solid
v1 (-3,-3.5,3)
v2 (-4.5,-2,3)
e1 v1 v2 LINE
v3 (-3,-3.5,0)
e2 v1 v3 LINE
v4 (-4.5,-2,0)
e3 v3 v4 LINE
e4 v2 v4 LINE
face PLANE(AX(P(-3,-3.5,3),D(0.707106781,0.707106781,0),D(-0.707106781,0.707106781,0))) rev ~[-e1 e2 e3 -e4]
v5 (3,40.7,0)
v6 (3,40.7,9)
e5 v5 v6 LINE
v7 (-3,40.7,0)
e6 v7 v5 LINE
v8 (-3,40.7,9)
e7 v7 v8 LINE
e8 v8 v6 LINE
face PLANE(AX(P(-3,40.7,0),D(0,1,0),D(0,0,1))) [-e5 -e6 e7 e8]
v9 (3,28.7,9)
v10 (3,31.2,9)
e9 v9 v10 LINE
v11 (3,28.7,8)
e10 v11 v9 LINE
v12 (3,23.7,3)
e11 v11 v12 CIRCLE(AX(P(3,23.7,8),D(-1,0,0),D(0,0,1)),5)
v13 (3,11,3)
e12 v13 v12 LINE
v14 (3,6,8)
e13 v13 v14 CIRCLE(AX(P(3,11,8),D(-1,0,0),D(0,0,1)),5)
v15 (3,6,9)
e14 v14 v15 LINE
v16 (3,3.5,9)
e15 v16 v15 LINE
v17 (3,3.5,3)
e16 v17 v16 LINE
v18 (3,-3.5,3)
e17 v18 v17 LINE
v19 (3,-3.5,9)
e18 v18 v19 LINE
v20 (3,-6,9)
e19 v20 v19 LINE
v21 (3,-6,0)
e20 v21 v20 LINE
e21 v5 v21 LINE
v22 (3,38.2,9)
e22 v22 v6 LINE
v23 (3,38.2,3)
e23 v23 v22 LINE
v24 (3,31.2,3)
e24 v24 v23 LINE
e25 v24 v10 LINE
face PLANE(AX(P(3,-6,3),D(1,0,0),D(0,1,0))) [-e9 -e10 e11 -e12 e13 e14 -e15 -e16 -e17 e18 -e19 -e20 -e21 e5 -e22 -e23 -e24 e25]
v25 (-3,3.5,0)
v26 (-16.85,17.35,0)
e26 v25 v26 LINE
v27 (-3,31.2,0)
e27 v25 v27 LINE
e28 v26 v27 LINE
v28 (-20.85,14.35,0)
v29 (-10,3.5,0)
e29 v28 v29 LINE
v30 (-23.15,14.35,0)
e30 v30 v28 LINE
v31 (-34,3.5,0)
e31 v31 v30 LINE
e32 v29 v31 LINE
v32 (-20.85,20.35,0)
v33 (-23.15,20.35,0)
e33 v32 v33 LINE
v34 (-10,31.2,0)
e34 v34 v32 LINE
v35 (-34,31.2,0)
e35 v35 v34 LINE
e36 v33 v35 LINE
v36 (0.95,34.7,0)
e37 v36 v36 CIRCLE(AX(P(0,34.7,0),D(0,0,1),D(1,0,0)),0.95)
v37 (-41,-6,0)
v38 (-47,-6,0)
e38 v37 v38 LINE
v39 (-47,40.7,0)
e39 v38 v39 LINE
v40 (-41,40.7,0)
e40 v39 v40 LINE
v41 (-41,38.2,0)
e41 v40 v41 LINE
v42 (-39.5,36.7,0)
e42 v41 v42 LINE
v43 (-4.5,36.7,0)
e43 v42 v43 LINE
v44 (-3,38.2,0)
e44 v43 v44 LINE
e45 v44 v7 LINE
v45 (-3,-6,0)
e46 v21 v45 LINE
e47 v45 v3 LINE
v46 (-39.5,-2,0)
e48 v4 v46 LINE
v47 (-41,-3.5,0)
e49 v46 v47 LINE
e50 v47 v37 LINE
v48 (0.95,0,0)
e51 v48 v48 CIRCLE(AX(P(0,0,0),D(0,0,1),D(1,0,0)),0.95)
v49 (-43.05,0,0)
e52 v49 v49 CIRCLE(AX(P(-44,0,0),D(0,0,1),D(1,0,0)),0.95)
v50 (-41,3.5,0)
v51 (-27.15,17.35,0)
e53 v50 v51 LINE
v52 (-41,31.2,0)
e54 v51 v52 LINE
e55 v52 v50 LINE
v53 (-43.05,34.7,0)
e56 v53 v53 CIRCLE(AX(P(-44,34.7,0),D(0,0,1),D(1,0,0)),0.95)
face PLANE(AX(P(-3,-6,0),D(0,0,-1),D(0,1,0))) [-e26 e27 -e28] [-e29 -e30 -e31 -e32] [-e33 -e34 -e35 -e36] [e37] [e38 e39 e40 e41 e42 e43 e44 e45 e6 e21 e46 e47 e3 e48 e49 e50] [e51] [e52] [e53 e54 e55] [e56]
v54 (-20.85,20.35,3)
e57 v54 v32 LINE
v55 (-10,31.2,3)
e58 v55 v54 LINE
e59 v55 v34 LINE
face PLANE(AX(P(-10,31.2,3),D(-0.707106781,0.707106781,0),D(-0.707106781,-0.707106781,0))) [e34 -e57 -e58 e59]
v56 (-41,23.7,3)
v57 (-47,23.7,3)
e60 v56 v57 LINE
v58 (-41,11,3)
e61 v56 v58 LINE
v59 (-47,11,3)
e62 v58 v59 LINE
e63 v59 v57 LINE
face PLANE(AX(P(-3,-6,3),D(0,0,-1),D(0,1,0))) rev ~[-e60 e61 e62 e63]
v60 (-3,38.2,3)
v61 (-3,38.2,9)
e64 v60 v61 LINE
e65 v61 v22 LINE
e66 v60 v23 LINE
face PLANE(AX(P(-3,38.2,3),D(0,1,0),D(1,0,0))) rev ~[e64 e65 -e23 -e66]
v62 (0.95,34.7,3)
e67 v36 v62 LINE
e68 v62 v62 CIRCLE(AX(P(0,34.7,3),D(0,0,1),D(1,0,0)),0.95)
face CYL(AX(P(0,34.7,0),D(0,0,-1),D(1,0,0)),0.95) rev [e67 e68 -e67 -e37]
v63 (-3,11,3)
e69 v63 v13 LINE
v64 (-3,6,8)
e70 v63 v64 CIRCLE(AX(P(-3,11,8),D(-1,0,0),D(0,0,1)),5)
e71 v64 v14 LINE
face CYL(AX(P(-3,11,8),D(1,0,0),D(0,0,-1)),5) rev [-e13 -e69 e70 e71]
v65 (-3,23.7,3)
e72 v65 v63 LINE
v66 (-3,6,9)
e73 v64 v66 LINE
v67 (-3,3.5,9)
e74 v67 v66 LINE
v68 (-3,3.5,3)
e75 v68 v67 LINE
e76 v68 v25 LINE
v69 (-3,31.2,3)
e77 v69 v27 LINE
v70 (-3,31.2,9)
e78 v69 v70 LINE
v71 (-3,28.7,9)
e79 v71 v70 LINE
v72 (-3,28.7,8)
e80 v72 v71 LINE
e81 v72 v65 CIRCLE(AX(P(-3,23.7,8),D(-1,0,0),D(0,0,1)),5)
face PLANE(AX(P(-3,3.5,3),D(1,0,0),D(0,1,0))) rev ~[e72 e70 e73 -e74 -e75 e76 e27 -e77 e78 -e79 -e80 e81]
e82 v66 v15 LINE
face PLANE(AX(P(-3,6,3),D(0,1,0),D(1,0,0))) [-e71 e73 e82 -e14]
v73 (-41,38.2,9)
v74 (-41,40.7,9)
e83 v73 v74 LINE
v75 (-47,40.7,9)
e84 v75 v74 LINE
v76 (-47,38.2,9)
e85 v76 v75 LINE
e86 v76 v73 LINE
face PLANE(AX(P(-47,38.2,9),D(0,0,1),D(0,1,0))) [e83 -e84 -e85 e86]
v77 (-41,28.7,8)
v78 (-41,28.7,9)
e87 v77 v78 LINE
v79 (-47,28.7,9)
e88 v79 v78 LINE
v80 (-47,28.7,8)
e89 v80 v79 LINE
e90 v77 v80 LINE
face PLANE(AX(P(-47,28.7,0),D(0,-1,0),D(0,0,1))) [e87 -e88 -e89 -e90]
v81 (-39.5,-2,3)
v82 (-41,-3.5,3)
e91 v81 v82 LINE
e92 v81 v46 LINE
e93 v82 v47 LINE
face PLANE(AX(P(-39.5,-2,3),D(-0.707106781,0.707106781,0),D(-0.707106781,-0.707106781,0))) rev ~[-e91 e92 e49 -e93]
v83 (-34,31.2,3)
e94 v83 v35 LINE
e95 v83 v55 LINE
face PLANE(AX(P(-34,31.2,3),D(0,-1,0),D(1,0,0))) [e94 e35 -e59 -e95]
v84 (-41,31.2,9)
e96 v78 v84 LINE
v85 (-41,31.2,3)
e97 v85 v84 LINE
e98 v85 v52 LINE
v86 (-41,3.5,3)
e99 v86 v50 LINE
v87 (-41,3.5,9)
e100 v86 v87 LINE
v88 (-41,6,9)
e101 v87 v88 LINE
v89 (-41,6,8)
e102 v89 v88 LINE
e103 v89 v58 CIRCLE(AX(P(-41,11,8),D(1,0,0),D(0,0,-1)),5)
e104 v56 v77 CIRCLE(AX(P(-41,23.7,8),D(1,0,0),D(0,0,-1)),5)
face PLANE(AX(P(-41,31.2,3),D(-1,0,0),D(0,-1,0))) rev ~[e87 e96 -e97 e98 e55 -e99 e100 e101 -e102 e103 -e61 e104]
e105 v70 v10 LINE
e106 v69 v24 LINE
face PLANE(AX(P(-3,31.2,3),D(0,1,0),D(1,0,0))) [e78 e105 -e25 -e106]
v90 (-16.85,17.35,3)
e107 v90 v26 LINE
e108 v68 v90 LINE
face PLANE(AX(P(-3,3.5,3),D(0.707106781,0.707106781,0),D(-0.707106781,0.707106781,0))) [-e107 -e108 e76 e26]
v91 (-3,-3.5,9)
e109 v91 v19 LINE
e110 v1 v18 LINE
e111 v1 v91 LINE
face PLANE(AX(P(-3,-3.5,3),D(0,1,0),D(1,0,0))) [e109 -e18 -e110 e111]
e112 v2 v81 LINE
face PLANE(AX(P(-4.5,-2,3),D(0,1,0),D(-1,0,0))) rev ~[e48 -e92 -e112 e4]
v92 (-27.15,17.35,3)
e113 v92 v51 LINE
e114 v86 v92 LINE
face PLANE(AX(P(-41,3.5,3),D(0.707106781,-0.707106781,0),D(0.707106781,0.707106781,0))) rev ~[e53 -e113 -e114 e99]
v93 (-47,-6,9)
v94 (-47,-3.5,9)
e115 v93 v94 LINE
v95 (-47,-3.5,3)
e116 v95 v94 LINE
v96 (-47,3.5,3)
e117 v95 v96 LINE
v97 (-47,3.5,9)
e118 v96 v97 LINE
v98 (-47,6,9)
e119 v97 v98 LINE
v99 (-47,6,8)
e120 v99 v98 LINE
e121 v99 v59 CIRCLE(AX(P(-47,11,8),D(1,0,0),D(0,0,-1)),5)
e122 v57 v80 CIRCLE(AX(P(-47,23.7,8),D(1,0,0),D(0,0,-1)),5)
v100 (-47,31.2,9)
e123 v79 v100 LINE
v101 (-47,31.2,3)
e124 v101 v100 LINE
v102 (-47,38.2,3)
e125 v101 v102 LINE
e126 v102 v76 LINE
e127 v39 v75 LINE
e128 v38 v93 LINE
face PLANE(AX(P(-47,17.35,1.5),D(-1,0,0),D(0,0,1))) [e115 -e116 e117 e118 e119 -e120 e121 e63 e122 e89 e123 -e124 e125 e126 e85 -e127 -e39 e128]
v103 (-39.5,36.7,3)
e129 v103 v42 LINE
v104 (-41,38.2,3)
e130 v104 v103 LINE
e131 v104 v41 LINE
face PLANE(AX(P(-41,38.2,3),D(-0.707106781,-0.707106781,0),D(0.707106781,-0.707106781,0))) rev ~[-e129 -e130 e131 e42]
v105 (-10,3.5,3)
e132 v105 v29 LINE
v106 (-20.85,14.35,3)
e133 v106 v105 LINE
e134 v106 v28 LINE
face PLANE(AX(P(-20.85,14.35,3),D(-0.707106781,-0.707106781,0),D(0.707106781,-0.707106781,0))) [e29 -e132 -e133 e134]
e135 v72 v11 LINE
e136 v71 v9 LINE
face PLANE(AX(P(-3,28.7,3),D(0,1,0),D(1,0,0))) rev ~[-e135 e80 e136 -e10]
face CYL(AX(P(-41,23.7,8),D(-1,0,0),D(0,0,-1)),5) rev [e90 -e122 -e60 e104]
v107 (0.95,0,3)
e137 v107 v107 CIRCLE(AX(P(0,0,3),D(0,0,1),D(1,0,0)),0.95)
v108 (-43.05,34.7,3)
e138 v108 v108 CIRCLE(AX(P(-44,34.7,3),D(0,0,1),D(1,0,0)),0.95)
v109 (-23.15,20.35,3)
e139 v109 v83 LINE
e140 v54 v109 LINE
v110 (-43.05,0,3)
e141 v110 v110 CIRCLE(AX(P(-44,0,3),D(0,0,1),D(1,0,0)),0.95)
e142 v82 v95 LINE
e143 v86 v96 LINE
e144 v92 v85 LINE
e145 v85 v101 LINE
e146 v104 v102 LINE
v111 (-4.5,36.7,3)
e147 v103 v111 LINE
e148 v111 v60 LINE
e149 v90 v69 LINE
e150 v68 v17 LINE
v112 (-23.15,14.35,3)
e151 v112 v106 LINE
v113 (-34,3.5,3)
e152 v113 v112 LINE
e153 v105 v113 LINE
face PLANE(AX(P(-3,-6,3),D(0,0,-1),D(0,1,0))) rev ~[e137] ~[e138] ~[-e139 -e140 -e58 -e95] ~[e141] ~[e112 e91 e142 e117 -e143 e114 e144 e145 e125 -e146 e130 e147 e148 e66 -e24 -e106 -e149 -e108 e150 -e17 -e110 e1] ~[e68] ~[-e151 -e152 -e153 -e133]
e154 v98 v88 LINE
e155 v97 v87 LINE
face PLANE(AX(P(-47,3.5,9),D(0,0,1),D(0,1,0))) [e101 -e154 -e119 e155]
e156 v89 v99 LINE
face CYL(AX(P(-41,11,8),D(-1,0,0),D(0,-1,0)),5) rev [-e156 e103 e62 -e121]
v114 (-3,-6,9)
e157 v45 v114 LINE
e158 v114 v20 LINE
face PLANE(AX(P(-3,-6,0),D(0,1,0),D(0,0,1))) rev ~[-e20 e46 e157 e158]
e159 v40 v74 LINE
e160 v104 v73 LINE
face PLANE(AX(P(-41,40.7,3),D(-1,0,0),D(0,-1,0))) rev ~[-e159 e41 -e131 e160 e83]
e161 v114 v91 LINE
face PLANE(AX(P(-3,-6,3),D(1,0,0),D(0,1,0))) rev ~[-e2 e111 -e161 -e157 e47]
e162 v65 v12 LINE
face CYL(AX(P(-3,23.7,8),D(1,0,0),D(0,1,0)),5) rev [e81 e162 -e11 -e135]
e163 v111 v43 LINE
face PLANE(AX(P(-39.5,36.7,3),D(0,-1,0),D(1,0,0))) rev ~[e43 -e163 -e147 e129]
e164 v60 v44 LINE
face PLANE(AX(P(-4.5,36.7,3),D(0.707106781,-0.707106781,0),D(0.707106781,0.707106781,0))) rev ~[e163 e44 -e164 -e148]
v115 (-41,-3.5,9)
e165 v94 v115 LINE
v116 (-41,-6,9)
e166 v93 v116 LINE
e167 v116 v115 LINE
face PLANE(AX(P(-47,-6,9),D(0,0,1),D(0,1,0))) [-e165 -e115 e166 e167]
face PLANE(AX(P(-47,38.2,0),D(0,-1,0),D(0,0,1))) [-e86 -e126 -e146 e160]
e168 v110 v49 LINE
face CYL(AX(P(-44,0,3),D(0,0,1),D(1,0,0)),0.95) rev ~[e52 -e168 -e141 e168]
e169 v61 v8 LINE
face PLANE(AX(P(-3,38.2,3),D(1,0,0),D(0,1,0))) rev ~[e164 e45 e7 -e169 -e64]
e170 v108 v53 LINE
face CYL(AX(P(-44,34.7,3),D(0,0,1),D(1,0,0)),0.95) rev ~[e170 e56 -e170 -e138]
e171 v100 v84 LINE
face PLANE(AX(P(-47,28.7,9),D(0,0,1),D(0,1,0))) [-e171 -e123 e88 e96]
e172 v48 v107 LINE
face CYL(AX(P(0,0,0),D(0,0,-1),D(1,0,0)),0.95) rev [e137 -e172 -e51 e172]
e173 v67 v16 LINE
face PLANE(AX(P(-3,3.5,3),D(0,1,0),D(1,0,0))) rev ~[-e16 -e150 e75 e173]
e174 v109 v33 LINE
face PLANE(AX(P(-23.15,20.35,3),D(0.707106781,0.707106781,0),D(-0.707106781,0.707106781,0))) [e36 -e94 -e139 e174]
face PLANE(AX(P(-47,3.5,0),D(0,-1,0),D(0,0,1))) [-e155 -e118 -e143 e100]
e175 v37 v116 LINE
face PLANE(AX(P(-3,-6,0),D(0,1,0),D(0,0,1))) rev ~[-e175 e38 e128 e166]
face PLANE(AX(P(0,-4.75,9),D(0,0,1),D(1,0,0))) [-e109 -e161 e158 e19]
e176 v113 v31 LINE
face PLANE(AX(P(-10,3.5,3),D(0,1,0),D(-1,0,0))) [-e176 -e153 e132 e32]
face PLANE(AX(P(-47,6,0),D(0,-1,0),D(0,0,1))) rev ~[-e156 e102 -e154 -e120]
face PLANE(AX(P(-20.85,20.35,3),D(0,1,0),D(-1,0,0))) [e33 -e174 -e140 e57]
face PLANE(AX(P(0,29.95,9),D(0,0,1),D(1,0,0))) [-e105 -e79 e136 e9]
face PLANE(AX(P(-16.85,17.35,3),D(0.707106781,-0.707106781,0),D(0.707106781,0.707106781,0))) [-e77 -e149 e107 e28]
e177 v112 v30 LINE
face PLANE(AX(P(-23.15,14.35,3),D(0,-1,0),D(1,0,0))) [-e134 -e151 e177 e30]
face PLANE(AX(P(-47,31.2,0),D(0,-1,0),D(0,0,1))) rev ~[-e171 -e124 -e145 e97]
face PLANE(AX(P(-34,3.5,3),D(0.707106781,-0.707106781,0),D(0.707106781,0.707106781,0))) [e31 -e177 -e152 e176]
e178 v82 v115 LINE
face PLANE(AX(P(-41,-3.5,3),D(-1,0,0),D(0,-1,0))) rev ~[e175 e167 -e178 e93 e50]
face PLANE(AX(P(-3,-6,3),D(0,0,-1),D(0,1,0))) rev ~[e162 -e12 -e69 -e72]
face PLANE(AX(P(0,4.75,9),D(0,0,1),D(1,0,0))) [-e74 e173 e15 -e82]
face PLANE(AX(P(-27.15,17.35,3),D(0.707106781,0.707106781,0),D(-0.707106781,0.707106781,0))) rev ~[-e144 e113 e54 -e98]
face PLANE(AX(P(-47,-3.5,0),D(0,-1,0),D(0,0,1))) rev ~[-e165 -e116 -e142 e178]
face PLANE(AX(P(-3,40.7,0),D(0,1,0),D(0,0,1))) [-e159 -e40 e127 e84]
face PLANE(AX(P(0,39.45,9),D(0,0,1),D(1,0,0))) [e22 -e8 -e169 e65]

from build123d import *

# Parameters (mm, degrees)
ESQUISSE1_W                    = 6
ESQUISSE1_H                    = 42.7
ESQUISSE1_R                    = 0.95
BOSS_EXTRU_1_DEPTH             = 3
ESQUISSE2_W                    = 6
ESQUISSE2_H                    = 2.5
BOSS_EXTRU_2_DEPTH             = 6
BOSS_EXTRU_2_DIRECTION_2_REACH = 40.932
ESQUISSE3_W                    = 3
ESQUISSE3_H                    = 46.7
BOSS_EXTRU_4_DEPTH             = 44
ESQUISSE4_W                    = 9
ESQUISSE4_H                    = 2.5
BOSS_EXTRU_5_DEPTH             = 6
ENL_V_MAT_EXTRU_1_REACH        = 64.462
ESQUISSE5_R                    = 0.95
ENL_V_MAT_EXTRU_2_REACH        = 64.462
CONG_1_R                       = 5


with BuildPart() as part:
    # Esquisse1 → Boss.-Extru.1 (new body)
    with BuildSketch(Plane.XY):
        with Locations((0, 17.35)):
            Rectangle(ESQUISSE1_W, ESQUISSE1_H)
        Circle(ESQUISSE1_R, mode=Mode.SUBTRACT)
        with Locations((0, 34.7)):
            Circle(ESQUISSE1_R, mode=Mode.SUBTRACT)
    extrude(amount=BOSS_EXTRU_1_DEPTH)

    # Esquisse2 → Boss.-Extru.2 (add)
    with BuildSketch(Plane.XY.offset(3)):
        with Locations((0, 4.75)):
            Rectangle(ESQUISSE2_W, ESQUISSE2_H)
        with Locations((0, 39.45)):
            Rectangle(ESQUISSE2_W, ESQUISSE2_H)
        with Locations((0, 29.95)):
            Rectangle(ESQUISSE2_W, ESQUISSE2_H)
        with Locations((0, -4.75)):
            Rectangle(ESQUISSE2_W, ESQUISSE2_H)
    extrude(amount=BOSS_EXTRU_2_DEPTH)

    # Boss.-Extru.2 direction 2: up to this face of the body (flat: up to its plane)
    boss_extru_2_direction_2_end = Plane(part.part.faces().sort_by_distance((0, 17.35, 0))[0])
    # Esquisse2 → Boss.-Extru.2 direction 2 (add, up to the picked face)
    with BuildSketch(Plane.XY.offset(3), mode=Mode.PRIVATE) as boss_extru_2_direction_2_sk1:
        with Locations((0, 4.75)):
            Rectangle(ESQUISSE2_W, ESQUISSE2_H)
    boss_extru_2_direction_2_tool1 = split(extrude(boss_extru_2_direction_2_sk1.sketch, amount=-BOSS_EXTRU_2_DIRECTION_2_REACH, mode=Mode.PRIVATE), bisect_by=boss_extru_2_direction_2_end, keep=Keep.BOTH, mode=Mode.PRIVATE)
    # Esquisse2 → Boss.-Extru.2 direction 2 (add, up to the picked face)
    with BuildSketch(Plane.XY.offset(3), mode=Mode.PRIVATE) as boss_extru_2_direction_2_sk2:
        with Locations((0, 39.45)):
            Rectangle(ESQUISSE2_W, ESQUISSE2_H)
    boss_extru_2_direction_2_tool2 = split(extrude(boss_extru_2_direction_2_sk2.sketch, amount=-BOSS_EXTRU_2_DIRECTION_2_REACH, mode=Mode.PRIVATE), bisect_by=boss_extru_2_direction_2_end, keep=Keep.BOTH, mode=Mode.PRIVATE)
    # Esquisse2 → Boss.-Extru.2 direction 2 (add, up to the picked face)
    with BuildSketch(Plane.XY.offset(3), mode=Mode.PRIVATE) as boss_extru_2_direction_2_sk3:
        with Locations((0, 29.95)):
            Rectangle(ESQUISSE2_W, ESQUISSE2_H)
    boss_extru_2_direction_2_tool3 = split(extrude(boss_extru_2_direction_2_sk3.sketch, amount=-BOSS_EXTRU_2_DIRECTION_2_REACH, mode=Mode.PRIVATE), bisect_by=boss_extru_2_direction_2_end, keep=Keep.BOTH, mode=Mode.PRIVATE)
    # Esquisse2 → Boss.-Extru.2 direction 2 (add, up to the picked face)
    with BuildSketch(Plane.XY.offset(3), mode=Mode.PRIVATE) as boss_extru_2_direction_2_sk4:
        with Locations((0, -4.75)):
            Rectangle(ESQUISSE2_W, ESQUISSE2_H)
    boss_extru_2_direction_2_tool4 = split(extrude(boss_extru_2_direction_2_sk4.sketch, amount=-BOSS_EXTRU_2_DIRECTION_2_REACH, mode=Mode.PRIVATE), bisect_by=boss_extru_2_direction_2_end, keep=Keep.BOTH, mode=Mode.PRIVATE)
    add(boss_extru_2_direction_2_tool1.solids().sort_by(Axis((0, 4.75, 3), (0, 0, -1)))[0])
    add(boss_extru_2_direction_2_tool2.solids().sort_by(Axis((0, 39.45, 3), (0, 0, -1)))[0])
    add(boss_extru_2_direction_2_tool3.solids().sort_by(Axis((0, 29.95, 3), (0, 0, -1)))[0])
    add(boss_extru_2_direction_2_tool4.solids().sort_by(Axis((0, -4.75, 3), (0, 0, -1)))[0])

    # Esquisse3 → Boss.-Extru.4 (add)
    with BuildSketch(Plane.ZY.offset(3)):
        with Locations((1.5, 17.35)):
            Rectangle(ESQUISSE3_W, ESQUISSE3_H)
    extrude(amount=BOSS_EXTRU_4_DEPTH)

    # Esquisse4 → Boss.-Extru.5 (add)
    with BuildSketch(Plane.ZY.offset(47)):
        with Locations((4.5, 39.45)):
            Rectangle(ESQUISSE4_W, ESQUISSE4_H)
        with Locations((4.5, 29.95)):
            Rectangle(ESQUISSE4_W, ESQUISSE4_H)
        with Locations((4.5, 4.75)):
            Rectangle(ESQUISSE4_W, ESQUISSE4_H)
        with Locations((4.5, -4.75)):
            Rectangle(ESQUISSE4_W, ESQUISSE4_H)
    extrude(amount=-BOSS_EXTRU_5_DEPTH)

    # Esquisse5 → Enlèv. mat.-Extru.1 (cut, up to next)
    with BuildSketch(Plane.XY.offset(3), mode=Mode.PRIVATE) as enl_v_mat_extru_1_sk1:
        with Locations((-44, 34.7)):
            Circle(ESQUISSE5_R)
    enl_v_mat_extru_1_tool1 = extrude(enl_v_mat_extru_1_sk1.sketch, amount=-ENL_V_MAT_EXTRU_1_REACH, mode=Mode.PRIVATE) & part.part
    # Esquisse5 → Enlèv. mat.-Extru.1 (cut, up to next)
    with BuildSketch(Plane.XY.offset(3), mode=Mode.PRIVATE) as enl_v_mat_extru_1_sk2:
        with Locations((-44, 0)):
            Circle(ESQUISSE5_R)
    enl_v_mat_extru_1_tool2 = extrude(enl_v_mat_extru_1_sk2.sketch, amount=-ENL_V_MAT_EXTRU_1_REACH, mode=Mode.PRIVATE) & part.part
    add(enl_v_mat_extru_1_tool1.solids().sort_by_distance((-44, 34.7, 3))[0], mode=Mode.SUBTRACT)
    add(enl_v_mat_extru_1_tool2.solids().sort_by_distance((-44, 0, 3))[0], mode=Mode.SUBTRACT)

    # Esquisse6 → Enlèv. mat.-Extru.2 (cut, up to next)
    with BuildSketch(Plane.XY.offset(3), mode=Mode.PRIVATE) as enl_v_mat_extru_2_sk1:
        Polygon((-20.85, 20.35), (-23.15, 20.35), (-34, 31.2), (-10, 31.2), align=None)
    enl_v_mat_extru_2_tool1 = extrude(enl_v_mat_extru_2_sk1.sketch, amount=-ENL_V_MAT_EXTRU_2_REACH, mode=Mode.PRIVATE) & part.part
    # Esquisse6 → Enlèv. mat.-Extru.2 (cut, up to next)
    with BuildSketch(Plane.XY.offset(3), mode=Mode.PRIVATE) as enl_v_mat_extru_2_sk2:
        Polygon((-41, 28.7), (-41, 6), (-41, 3.5), (-27.15, 17.35), (-41, 31.2), align=None)
    enl_v_mat_extru_2_tool2 = extrude(enl_v_mat_extru_2_sk2.sketch, amount=-ENL_V_MAT_EXTRU_2_REACH, mode=Mode.PRIVATE) & part.part
    # Esquisse6 → Enlèv. mat.-Extru.2 (cut, up to next)
    with BuildSketch(Plane.XY.offset(3), mode=Mode.PRIVATE) as enl_v_mat_extru_2_sk3:
        Polygon((-3, 28.7), (-3, 6), (-3, 3.5), (-16.85, 17.35), (-3, 31.2), align=None)
    enl_v_mat_extru_2_tool3 = extrude(enl_v_mat_extru_2_sk3.sketch, amount=-ENL_V_MAT_EXTRU_2_REACH, mode=Mode.PRIVATE) & part.part
    # Esquisse6 → Enlèv. mat.-Extru.2 (cut, up to next)
    with BuildSketch(Plane.XY.offset(3), mode=Mode.PRIVATE) as enl_v_mat_extru_2_sk4:
        Polygon((-34, 3.5), (-23.15, 14.35), (-20.85, 14.35), (-10, 3.5), align=None)
    enl_v_mat_extru_2_tool4 = extrude(enl_v_mat_extru_2_sk4.sketch, amount=-ENL_V_MAT_EXTRU_2_REACH, mode=Mode.PRIVATE) & part.part
    # Esquisse6 → Enlèv. mat.-Extru.2 (cut, up to next)
    with BuildSketch(Plane.XY.offset(3), mode=Mode.PRIVATE) as enl_v_mat_extru_2_sk5:
        Polygon((-39.5, -2), (-41, -3.5), (-41, -6), (-3, -6), (-3, -3.5), (-4.5, -2), align=None)
    enl_v_mat_extru_2_tool5 = extrude(enl_v_mat_extru_2_sk5.sketch, amount=-ENL_V_MAT_EXTRU_2_REACH, mode=Mode.PRIVATE) & part.part
    # Esquisse6 → Enlèv. mat.-Extru.2 (cut, up to next)
    with BuildSketch(Plane.XY.offset(3), mode=Mode.PRIVATE) as enl_v_mat_extru_2_sk6:
        Polygon((-41, 40.7), (-41, 38.2), (-39.5, 36.7), (-4.5, 36.7), (-3, 38.2), (-3, 40.7), align=None)
    enl_v_mat_extru_2_tool6 = extrude(enl_v_mat_extru_2_sk6.sketch, amount=-ENL_V_MAT_EXTRU_2_REACH, mode=Mode.PRIVATE) & part.part
    add(enl_v_mat_extru_2_tool1.solids().sort_by_distance((-22, 27.267047, 3))[0], mode=Mode.SUBTRACT)
    add(enl_v_mat_extru_2_tool2.solids().sort_by_distance((-36.383333, 17.35, 3))[0], mode=Mode.SUBTRACT)
    add(enl_v_mat_extru_2_tool3.solids().sort_by_distance((-7.616667, 17.35, 3))[0], mode=Mode.SUBTRACT)
    add(enl_v_mat_extru_2_tool4.solids().sort_by_distance((-22, 7.432953, 3))[0], mode=Mode.SUBTRACT)
    add(enl_v_mat_extru_2_tool5.solids().sort_by_distance((-22, -4.022538, 3))[0], mode=Mode.SUBTRACT)
    add(enl_v_mat_extru_2_tool6.solids().sort_by_distance((-22, 38.722538, 3))[0], mode=Mode.SUBTRACT)

    # Congé1
    cong_1_edges = [part.edges().sort_by_distance(p)[0] for p in [
        (-44, 28.7, 3),
        (-44, 6, 3),
        (0, 6, 3),
        (0, 28.7, 3),
    ]]
    fillet(cong_1_edges, radius=CONG_1_R)


solid = part.part
